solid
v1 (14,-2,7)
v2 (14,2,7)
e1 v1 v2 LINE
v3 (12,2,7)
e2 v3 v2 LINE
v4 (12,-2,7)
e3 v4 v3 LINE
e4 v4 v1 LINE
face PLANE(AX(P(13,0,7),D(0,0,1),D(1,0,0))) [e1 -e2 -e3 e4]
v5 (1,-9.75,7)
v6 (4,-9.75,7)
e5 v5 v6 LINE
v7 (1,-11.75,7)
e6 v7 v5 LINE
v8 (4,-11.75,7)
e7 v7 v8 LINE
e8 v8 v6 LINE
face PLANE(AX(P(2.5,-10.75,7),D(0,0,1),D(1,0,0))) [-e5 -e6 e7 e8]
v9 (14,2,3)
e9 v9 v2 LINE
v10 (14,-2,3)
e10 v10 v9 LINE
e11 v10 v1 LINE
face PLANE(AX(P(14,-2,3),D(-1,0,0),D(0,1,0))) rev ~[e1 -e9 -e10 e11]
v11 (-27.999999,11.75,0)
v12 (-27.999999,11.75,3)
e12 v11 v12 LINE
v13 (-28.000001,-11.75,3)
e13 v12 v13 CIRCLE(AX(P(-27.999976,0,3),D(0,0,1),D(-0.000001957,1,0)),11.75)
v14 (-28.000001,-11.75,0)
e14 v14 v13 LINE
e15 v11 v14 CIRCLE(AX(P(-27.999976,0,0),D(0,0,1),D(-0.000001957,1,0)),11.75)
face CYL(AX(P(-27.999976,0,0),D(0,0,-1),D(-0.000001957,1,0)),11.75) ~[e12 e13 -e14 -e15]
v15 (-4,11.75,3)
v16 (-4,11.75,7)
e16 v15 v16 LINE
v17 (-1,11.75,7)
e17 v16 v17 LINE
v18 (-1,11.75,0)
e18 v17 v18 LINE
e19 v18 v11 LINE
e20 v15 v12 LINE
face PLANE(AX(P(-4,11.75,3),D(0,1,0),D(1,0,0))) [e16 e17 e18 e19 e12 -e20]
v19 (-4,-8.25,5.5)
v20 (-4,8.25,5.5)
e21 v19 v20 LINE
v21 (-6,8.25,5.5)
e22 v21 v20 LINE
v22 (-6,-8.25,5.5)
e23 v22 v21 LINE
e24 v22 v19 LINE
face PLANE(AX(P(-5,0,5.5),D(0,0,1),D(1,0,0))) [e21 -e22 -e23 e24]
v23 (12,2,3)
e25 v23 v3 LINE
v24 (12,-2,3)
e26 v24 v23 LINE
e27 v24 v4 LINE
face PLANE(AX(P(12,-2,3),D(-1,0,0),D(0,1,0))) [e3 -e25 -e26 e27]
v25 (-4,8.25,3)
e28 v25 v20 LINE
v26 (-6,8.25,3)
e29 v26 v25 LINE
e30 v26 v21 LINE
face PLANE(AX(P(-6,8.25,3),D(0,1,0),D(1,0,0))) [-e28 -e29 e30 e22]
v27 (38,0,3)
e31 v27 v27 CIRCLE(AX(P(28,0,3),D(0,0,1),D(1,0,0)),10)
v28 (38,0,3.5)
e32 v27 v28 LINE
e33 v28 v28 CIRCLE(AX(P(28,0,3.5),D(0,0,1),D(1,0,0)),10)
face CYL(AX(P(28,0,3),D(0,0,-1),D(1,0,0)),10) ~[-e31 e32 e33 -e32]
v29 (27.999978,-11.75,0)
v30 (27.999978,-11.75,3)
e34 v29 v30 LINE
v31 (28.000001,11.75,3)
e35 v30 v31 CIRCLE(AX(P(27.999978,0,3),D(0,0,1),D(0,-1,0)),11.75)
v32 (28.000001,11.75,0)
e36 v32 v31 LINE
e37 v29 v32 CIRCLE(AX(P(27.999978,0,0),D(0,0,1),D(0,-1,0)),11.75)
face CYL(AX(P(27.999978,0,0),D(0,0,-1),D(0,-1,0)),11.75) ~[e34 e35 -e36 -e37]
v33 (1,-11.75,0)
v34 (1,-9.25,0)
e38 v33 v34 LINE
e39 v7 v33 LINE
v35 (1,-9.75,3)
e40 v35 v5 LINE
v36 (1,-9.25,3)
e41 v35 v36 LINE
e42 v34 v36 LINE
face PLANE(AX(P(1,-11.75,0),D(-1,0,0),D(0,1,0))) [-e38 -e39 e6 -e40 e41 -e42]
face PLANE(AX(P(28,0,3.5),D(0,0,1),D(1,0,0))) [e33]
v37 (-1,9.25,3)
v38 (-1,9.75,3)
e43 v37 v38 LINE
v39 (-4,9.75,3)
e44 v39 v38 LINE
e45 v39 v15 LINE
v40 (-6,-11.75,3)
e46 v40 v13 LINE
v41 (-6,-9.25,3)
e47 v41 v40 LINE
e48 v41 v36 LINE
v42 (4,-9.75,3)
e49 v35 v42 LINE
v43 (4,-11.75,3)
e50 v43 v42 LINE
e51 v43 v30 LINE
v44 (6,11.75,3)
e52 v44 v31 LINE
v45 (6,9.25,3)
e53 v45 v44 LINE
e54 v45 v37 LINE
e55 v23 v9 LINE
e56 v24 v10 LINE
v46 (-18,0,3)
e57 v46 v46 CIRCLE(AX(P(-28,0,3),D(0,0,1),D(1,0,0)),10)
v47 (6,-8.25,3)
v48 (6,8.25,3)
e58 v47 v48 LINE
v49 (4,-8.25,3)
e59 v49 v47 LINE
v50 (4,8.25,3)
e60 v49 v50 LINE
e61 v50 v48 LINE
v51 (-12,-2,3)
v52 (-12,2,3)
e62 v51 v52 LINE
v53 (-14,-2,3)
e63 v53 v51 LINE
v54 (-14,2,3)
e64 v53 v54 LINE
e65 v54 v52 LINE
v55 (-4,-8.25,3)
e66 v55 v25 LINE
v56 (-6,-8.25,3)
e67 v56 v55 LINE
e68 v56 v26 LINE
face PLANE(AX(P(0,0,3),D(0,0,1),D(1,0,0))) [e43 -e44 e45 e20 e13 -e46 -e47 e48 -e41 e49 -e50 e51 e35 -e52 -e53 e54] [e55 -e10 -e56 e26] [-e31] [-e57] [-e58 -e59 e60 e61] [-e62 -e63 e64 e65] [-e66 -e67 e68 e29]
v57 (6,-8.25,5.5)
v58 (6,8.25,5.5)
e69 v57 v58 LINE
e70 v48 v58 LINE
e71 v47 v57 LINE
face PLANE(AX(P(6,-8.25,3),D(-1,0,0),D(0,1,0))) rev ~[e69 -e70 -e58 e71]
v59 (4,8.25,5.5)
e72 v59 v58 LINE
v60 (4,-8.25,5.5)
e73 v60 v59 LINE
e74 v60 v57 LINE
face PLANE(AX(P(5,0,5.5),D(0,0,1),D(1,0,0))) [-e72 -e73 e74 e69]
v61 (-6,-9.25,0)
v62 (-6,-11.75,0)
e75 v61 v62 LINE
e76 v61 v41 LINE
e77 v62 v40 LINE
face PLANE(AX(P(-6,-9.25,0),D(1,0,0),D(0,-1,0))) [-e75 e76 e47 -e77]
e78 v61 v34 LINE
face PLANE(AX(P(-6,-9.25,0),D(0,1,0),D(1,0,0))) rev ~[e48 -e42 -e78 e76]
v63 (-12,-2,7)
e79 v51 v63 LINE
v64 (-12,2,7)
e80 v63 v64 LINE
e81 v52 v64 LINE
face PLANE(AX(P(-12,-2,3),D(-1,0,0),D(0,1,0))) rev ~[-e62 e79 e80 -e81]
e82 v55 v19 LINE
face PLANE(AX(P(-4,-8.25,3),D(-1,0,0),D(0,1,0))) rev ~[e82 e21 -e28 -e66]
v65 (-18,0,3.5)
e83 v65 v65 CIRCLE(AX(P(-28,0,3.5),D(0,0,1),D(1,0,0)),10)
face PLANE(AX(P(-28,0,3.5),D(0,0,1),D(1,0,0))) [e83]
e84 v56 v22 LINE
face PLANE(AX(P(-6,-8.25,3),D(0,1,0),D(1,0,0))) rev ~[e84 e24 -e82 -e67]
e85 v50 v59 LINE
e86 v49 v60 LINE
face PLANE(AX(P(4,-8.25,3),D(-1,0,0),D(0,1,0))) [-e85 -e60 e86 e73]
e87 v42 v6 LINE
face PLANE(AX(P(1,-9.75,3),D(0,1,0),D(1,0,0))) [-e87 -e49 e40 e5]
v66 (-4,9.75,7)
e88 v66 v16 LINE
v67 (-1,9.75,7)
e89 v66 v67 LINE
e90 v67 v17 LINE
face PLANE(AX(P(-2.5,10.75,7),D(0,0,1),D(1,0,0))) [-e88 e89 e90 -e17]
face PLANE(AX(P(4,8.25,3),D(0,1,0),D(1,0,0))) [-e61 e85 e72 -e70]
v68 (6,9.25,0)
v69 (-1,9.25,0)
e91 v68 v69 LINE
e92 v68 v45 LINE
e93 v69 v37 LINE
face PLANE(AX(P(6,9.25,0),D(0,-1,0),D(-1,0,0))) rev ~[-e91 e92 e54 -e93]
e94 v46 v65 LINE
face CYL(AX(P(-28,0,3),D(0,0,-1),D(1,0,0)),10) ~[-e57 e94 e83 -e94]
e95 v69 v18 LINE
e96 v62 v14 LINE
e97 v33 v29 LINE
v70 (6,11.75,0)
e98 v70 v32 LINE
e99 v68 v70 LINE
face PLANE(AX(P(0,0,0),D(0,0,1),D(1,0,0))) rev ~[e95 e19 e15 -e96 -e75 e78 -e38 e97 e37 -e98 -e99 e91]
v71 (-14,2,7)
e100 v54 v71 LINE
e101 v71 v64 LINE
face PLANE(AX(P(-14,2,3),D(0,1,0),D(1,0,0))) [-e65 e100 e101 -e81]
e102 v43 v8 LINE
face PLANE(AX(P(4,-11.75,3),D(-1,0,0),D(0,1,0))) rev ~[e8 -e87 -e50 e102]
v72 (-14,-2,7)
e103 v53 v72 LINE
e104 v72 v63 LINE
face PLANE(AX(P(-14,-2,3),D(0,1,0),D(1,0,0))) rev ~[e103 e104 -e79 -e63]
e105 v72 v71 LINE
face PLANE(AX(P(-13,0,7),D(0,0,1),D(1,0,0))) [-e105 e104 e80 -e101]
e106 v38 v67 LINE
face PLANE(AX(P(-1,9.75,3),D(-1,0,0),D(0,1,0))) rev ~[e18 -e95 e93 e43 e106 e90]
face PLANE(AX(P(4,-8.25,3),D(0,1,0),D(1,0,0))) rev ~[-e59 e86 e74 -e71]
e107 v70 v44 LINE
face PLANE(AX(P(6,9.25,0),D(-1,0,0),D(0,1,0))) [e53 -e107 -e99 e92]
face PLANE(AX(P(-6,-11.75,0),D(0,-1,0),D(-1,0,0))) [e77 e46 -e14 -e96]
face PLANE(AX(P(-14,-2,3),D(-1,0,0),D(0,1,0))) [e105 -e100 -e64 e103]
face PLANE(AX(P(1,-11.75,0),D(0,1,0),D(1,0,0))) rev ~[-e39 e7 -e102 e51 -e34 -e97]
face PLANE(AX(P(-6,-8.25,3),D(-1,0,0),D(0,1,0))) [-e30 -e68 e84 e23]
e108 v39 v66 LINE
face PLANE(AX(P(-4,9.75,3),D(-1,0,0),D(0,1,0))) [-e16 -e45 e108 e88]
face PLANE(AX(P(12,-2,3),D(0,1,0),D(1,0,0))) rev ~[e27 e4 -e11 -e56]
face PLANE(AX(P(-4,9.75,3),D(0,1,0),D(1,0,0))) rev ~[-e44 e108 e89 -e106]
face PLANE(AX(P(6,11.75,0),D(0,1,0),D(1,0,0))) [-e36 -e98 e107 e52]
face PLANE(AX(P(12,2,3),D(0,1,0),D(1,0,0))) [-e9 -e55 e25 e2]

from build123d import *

# Parameters (mm, degrees)
PAD_DEPTH     = 3
SKETCH001_W   = 2
SKETCH001_H   = 16.5
PAD001_DEPTH  = 2.5
SKETCH002_W   = 2
SKETCH002_H   = 4
SKETCH002_W_2 = 3
SKETCH002_H_2 = 2
PAD002_DEPTH  = 4
SKETCH003_R   = 10
PAD003_DEPTH  = 0.5


with BuildPart() as part:
    # Sketch → Pad (new body)
    with BuildSketch(Plane.XY):
        with BuildLine():
            Line((-6, -9.25), (1, -9.25))
            Line((1, -11.75), (1, -9.25))
            Line((1, -11.75), (27.999978, -11.75))
            ThreePointArc((27.999978, -11.75), (39.749978, -1.2e-05), (28.000001, 11.75))
            Line((6, 11.75), (28.000001, 11.75))
            Line((6, 9.25), (6, 11.75))
            Line((6, 9.25), (-1, 9.25))
            Line((-1, 9.25), (-1, 11.75))
            Line((-1, 11.75), (-27.999999, 11.75))
            ThreePointArc((-27.999999, 11.75), (-39.749976, 1e-06), (-28.000001, -11.75))
            Line((-6, -11.75), (-28.000001, -11.75))
            Line((-6, -9.25), (-6, -11.75))
        make_face()
    extrude(amount=PAD_DEPTH)

    # Sketch001 (on Face14 of Pad) → Pad001 (join)
    with BuildSketch(Plane.XY.offset(3)):
        with Locations((-5, 0)):
            Rectangle(SKETCH001_W, SKETCH001_H)
        with Locations((5, 0)):
            Rectangle(SKETCH001_W, SKETCH001_H)
    extrude(amount=PAD001_DEPTH)

    # Sketch002 (on Face5 of Pad001) → Pad002 (join)
    with BuildSketch(Plane.XY.offset(3)):
        with Locations((-13, 0)):
            Rectangle(SKETCH002_W, SKETCH002_H)
        with Locations((13, 0)):
            Rectangle(SKETCH002_W, SKETCH002_H)
        with Locations((-2.5, 10.75)):
            Rectangle(SKETCH002_W_2, SKETCH002_H_2)
        with Locations((2.5, -10.75)):
            Rectangle(SKETCH002_W_2, SKETCH002_H_2)
    extrude(amount=PAD002_DEPTH)

    # Sketch003 (on Face5 of Pad002) → Pad003 (join)
    with BuildSketch(Plane.XY.offset(3)):
        with Locations((-28, 0)):
            Circle(SKETCH003_R)
        with Locations((28, 0)):
            Circle(SKETCH003_R)
    extrude(amount=PAD003_DEPTH)


solid = part.part
